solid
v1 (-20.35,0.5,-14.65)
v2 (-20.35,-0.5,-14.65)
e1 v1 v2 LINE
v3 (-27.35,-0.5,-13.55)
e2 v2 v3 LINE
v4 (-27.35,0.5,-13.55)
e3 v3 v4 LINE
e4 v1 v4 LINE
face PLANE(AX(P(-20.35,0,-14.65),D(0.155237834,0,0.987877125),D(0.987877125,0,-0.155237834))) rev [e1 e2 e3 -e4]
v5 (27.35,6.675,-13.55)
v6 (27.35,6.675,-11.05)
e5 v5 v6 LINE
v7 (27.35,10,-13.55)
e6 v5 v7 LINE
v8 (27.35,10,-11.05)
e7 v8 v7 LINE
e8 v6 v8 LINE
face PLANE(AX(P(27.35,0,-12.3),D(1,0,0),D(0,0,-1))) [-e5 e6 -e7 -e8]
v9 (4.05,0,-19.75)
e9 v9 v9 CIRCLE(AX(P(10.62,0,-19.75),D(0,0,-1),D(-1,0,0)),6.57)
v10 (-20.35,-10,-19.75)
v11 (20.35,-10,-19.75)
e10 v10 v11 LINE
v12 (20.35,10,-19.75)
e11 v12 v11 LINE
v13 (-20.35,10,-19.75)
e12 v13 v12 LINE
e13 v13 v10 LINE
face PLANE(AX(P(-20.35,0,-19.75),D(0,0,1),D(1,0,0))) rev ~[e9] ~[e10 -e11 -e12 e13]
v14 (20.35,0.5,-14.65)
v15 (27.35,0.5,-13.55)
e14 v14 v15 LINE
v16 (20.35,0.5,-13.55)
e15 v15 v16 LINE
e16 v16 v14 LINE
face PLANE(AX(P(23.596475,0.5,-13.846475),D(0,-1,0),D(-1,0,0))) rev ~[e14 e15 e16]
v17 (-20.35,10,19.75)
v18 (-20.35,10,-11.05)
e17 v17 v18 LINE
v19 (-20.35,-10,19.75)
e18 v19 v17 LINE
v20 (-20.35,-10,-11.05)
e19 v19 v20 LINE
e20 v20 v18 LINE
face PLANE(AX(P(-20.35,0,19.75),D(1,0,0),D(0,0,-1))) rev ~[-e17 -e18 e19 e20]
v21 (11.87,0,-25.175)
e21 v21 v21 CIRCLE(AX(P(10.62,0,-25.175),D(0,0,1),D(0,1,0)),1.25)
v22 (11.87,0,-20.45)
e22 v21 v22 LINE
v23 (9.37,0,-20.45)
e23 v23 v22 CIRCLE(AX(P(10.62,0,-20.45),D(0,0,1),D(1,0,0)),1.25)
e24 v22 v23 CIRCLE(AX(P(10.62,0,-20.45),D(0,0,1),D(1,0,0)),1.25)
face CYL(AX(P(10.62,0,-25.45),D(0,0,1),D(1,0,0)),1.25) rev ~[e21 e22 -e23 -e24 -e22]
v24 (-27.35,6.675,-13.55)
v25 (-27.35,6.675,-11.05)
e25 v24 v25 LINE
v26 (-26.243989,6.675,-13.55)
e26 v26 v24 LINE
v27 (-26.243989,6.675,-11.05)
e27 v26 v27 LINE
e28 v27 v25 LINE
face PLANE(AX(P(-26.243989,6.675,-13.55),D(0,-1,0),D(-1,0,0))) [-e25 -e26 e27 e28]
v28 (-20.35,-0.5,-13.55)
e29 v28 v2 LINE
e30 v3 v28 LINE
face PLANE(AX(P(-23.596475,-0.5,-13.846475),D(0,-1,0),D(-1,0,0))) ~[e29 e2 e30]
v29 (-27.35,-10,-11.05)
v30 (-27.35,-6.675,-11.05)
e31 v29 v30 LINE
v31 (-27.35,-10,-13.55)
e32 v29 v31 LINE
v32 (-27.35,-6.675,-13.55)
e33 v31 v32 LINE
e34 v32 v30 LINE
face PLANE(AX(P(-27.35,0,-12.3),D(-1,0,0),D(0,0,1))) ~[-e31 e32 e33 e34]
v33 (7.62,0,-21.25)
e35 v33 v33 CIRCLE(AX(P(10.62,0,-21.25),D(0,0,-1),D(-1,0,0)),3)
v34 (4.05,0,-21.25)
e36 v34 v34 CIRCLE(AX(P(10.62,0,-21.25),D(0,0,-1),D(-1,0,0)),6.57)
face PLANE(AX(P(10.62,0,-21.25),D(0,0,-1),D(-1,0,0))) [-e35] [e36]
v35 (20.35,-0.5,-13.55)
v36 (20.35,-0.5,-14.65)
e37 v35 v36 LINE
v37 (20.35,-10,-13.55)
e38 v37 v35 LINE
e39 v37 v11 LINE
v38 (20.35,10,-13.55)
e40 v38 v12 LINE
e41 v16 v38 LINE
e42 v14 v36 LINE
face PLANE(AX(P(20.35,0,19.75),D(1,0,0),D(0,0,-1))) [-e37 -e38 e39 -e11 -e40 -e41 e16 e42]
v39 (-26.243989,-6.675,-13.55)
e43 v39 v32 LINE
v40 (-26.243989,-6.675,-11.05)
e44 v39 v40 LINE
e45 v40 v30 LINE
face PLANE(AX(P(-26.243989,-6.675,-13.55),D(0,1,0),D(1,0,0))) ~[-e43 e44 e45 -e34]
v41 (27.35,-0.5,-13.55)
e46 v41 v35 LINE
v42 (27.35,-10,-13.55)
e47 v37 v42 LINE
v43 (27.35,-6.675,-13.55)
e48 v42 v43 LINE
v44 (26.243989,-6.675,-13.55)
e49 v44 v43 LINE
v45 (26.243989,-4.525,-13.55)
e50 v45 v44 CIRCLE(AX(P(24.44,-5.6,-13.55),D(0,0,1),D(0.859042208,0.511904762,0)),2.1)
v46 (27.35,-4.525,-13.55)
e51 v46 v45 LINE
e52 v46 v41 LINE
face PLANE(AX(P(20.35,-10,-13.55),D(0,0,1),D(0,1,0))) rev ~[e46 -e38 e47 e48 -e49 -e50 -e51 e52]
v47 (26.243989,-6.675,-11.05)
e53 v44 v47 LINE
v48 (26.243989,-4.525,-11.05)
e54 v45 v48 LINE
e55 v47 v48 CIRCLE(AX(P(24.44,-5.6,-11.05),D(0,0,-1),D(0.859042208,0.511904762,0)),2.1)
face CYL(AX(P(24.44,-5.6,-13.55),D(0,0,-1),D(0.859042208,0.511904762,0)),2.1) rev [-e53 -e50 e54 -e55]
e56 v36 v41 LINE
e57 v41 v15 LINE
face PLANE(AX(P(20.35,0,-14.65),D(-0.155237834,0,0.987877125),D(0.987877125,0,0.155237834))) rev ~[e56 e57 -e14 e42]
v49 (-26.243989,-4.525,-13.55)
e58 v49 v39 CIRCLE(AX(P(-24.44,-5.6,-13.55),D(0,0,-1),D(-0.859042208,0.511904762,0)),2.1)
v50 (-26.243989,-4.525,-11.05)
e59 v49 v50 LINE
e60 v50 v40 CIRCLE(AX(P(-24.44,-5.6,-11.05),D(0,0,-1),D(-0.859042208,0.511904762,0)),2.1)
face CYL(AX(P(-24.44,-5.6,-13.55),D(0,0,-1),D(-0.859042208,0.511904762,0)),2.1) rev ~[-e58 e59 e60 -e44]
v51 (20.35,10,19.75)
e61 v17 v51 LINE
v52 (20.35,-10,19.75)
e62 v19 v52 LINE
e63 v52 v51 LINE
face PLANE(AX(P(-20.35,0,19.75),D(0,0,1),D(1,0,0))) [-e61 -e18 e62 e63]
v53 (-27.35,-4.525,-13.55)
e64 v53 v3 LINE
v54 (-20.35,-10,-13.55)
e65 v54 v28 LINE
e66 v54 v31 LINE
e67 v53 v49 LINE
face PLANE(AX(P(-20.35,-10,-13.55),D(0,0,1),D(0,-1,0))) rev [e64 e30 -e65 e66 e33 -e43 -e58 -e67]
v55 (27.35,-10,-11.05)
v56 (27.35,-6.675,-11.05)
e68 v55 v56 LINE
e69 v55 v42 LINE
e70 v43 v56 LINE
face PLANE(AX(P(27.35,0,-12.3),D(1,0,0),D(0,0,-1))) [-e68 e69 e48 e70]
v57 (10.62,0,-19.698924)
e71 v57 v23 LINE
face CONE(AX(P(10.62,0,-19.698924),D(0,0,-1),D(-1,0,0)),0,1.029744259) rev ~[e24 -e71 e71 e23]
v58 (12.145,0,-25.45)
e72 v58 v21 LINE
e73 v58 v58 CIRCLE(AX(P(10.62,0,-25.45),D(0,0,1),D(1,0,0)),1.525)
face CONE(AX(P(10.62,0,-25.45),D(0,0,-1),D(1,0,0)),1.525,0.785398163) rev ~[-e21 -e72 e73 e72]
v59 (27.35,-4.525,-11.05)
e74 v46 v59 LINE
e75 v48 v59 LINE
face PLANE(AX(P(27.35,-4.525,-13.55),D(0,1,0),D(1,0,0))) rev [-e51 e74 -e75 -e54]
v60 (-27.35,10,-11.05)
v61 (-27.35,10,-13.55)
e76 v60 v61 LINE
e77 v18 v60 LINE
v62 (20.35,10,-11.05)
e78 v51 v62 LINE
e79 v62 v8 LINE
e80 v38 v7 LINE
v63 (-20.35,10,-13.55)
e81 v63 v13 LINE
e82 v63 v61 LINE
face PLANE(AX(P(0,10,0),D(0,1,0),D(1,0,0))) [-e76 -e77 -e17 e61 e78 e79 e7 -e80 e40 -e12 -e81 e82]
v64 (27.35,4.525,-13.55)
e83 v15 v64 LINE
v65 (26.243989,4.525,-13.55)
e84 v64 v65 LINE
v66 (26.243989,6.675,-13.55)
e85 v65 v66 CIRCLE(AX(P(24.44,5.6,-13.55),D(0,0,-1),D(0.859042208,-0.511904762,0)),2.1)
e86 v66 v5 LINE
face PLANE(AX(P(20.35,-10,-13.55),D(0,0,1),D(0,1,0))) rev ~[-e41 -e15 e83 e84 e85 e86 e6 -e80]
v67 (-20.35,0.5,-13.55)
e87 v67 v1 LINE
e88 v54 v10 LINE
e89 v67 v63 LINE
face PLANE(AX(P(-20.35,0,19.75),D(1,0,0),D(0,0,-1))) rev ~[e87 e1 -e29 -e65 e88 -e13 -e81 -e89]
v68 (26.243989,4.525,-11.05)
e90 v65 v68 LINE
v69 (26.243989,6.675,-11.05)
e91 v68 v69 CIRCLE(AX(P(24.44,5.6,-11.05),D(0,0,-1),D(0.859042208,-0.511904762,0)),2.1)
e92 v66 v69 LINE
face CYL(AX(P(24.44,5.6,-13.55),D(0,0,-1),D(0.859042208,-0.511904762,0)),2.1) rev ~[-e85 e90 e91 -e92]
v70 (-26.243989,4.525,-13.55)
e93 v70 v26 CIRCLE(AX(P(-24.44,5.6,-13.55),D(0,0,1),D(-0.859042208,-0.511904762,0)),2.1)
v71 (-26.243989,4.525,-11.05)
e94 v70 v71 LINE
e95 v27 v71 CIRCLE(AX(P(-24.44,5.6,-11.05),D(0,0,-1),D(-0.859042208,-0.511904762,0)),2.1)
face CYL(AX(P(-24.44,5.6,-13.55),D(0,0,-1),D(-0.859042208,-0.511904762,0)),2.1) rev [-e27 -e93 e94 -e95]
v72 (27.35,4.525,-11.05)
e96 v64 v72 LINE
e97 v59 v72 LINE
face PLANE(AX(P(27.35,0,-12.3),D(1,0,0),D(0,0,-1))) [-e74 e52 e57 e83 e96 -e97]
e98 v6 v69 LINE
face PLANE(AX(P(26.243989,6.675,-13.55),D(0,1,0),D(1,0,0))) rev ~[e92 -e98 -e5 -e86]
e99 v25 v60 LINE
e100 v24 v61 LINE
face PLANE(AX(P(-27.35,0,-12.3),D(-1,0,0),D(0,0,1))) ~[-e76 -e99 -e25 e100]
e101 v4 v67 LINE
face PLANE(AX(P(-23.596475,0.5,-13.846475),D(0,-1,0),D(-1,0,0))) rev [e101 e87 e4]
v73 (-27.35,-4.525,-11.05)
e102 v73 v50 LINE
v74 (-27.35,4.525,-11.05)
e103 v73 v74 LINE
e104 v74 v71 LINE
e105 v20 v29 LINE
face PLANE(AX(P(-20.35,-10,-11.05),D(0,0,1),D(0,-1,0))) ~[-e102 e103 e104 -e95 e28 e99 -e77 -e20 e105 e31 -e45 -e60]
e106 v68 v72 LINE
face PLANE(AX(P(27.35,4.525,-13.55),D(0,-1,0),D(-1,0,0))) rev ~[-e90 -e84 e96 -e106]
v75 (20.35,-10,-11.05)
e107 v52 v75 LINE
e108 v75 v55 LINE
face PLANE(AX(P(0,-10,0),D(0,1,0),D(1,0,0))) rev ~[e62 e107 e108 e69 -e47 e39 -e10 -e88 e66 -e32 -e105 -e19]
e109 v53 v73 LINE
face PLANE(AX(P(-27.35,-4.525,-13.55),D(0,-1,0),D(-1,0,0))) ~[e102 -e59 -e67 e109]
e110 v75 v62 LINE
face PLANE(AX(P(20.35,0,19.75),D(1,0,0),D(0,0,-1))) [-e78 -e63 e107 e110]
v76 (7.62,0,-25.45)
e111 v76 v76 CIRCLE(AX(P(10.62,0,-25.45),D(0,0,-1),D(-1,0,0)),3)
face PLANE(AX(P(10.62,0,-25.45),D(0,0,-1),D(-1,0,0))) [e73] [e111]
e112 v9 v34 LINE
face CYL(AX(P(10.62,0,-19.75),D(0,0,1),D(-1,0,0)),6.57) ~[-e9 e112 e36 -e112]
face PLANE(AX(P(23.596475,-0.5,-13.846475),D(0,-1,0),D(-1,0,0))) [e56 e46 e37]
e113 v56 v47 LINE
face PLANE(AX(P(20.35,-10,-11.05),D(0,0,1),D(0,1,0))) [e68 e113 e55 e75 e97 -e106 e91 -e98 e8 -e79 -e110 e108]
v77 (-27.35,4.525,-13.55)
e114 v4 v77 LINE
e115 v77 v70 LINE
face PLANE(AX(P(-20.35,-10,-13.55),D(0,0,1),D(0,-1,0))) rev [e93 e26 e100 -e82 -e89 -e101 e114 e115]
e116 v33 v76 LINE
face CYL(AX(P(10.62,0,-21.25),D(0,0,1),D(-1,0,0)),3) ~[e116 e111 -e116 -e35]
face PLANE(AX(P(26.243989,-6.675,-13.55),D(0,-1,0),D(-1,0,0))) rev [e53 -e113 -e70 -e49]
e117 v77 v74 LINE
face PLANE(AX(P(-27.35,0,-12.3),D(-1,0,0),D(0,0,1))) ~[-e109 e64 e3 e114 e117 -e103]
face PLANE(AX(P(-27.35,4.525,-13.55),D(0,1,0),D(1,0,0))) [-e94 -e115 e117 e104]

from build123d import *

# Parameters (mm, degrees)
SKETCH1_W                       = 40.7
SKETCH1_H                       = 39.5
BOSS_EXTRUDE1_DEPTH             = 10
SKETCH2_W                       = 2.5
SKETCH2_H                       = 20
BOSS_EXTRUDE2_DEPTH             = 7
BOSS_EXTRUDE5_DEPTH             = 0.5
CUT_EXTRUDE1_DEPTH              = 34.3
SKETCH4_R                       = 6.57
BOSS_EXTRUDE3_DEPTH             = 1.5
SKETCH5_R                       = 3
BOSS_EXTRUDE4_DEPTH             = 4.2
M3X0_5_TAPPED_HOLE1_D           = 2.5
M3X0_5_TAPPED_HOLE1_DEPTH       = 5
M3X0_5_TAPPED_HOLE1_CSINK_D     = 3.05
M3X0_5_TAPPED_HOLE1_CSINK_ANGLE = 90
M3X0_5_TAPPED_HOLE1_TIP         = 0.751075774


with BuildPart() as part:
    # Sketch1 → Boss-Extrude1 (new body, symmetric)
    with BuildSketch(Plane(origin=(0, 0, 0), x_dir=(1, 0, 0), z_dir=(0, 1, 0))):
        Rectangle(SKETCH1_W, SKETCH1_H)
    extrude(amount=BOSS_EXTRUDE1_DEPTH, both=True)

    # Sketch2 → Boss-Extrude2 (add)
    with BuildSketch(Plane(origin=(20.35, 0, 0), x_dir=(0, 0, -1), z_dir=(1, 0, 0))):
        with Locations((12.3, 0)):
            Rectangle(SKETCH2_W, SKETCH2_H)
    boss_extrude2 = extrude(amount=BOSS_EXTRUDE2_DEPTH)

    # Sketch9 → Boss-Extrude5 (add, symmetric)
    with BuildSketch(Plane(origin=(0, 0, 0), x_dir=(1, 0, 0), z_dir=(0, 1, 0))):
        Polygon((20.35, 13.55), (20.35, 14.65), (27.35, 13.55), align=None)
    boss_extrude5 = extrude(amount=BOSS_EXTRUDE5_DEPTH, both=True)

    # Mirror1: Boss-Extrude2, Boss-Extrude5 across plane
    add(boss_extrude2.mirror(Plane(origin=(0, 0, 0), x_dir=(0, 0, 1), z_dir=(1, 0, 0))))
    add(boss_extrude5.mirror(Plane(origin=(0, 0, 0), x_dir=(0, 0, 1), z_dir=(1, 0, 0))))

    # Sketch3 → Cut-Extrude1 (cut, through all)
    with BuildSketch(Plane(origin=(0, 0, -13.55), x_dir=(-1, 0, 0), z_dir=(0, 0, -1))):
        with BuildLine():
            Line((-26.243988636, 6.675), (-27.35, 6.675))
            Line((-27.35, 6.675), (-27.35, 4.525))
            Line((-27.35, 4.525), (-26.243988636, 4.525))
            ThreePointArc((-26.243988636, 4.525), (-22.34, 5.6), (-26.243988636, 6.675))
        make_face()
        with BuildLine():
            Line((26.243988636, 6.675), (27.35, 6.675))
            Line((27.35, 6.675), (27.35, 4.525))
            Line((27.35, 4.525), (26.243988636, 4.525))
            ThreePointArc((26.243988636, 4.525), (22.34, 5.6), (26.243988636, 6.675))
        make_face()
    cut_extrude1 = extrude(amount=-CUT_EXTRUDE1_DEPTH, mode=Mode.SUBTRACT)

    # Mirror2: Cut-Extrude1 across plane
    add(cut_extrude1.mirror(Plane.ZX), mode=Mode.SUBTRACT)

    # Sketch4 → Boss-Extrude3 (add)
    with BuildSketch(Plane(origin=(0, 0, -19.75), x_dir=(-1, 0, 0), z_dir=(0, 0, -1))):
        with Locations((-10.62, 0)):
            Circle(SKETCH4_R)
    extrude(amount=BOSS_EXTRUDE3_DEPTH)

    # Sketch5 → Boss-Extrude4 (add)
    with BuildSketch(Plane(origin=(0, 0, -21.25), x_dir=(-1, 0, 0), z_dir=(0, 0, -1))):
        with Locations((-10.62, 0)):
            Circle(SKETCH5_R)
    extrude(amount=BOSS_EXTRUDE4_DEPTH)

    # M3x0.5 Tapped Hole1
    with Locations(Plane(origin=(0, 0, -25.45), x_dir=(-1, 0, 0), z_dir=(0, 0, -1))):
        with Locations((-10.62, 0)):
            CounterSinkHole(M3X0_5_TAPPED_HOLE1_D / 2, M3X0_5_TAPPED_HOLE1_CSINK_D / 2, depth=M3X0_5_TAPPED_HOLE1_DEPTH, counter_sink_angle=M3X0_5_TAPPED_HOLE1_CSINK_ANGLE)
            with Locations((0, 0, -(M3X0_5_TAPPED_HOLE1_DEPTH + M3X0_5_TAPPED_HOLE1_TIP / 2))):  # 118° drill point
                Cone(0, M3X0_5_TAPPED_HOLE1_D / 2, M3X0_5_TAPPED_HOLE1_TIP, mode=Mode.SUBTRACT)


solid = part.part
